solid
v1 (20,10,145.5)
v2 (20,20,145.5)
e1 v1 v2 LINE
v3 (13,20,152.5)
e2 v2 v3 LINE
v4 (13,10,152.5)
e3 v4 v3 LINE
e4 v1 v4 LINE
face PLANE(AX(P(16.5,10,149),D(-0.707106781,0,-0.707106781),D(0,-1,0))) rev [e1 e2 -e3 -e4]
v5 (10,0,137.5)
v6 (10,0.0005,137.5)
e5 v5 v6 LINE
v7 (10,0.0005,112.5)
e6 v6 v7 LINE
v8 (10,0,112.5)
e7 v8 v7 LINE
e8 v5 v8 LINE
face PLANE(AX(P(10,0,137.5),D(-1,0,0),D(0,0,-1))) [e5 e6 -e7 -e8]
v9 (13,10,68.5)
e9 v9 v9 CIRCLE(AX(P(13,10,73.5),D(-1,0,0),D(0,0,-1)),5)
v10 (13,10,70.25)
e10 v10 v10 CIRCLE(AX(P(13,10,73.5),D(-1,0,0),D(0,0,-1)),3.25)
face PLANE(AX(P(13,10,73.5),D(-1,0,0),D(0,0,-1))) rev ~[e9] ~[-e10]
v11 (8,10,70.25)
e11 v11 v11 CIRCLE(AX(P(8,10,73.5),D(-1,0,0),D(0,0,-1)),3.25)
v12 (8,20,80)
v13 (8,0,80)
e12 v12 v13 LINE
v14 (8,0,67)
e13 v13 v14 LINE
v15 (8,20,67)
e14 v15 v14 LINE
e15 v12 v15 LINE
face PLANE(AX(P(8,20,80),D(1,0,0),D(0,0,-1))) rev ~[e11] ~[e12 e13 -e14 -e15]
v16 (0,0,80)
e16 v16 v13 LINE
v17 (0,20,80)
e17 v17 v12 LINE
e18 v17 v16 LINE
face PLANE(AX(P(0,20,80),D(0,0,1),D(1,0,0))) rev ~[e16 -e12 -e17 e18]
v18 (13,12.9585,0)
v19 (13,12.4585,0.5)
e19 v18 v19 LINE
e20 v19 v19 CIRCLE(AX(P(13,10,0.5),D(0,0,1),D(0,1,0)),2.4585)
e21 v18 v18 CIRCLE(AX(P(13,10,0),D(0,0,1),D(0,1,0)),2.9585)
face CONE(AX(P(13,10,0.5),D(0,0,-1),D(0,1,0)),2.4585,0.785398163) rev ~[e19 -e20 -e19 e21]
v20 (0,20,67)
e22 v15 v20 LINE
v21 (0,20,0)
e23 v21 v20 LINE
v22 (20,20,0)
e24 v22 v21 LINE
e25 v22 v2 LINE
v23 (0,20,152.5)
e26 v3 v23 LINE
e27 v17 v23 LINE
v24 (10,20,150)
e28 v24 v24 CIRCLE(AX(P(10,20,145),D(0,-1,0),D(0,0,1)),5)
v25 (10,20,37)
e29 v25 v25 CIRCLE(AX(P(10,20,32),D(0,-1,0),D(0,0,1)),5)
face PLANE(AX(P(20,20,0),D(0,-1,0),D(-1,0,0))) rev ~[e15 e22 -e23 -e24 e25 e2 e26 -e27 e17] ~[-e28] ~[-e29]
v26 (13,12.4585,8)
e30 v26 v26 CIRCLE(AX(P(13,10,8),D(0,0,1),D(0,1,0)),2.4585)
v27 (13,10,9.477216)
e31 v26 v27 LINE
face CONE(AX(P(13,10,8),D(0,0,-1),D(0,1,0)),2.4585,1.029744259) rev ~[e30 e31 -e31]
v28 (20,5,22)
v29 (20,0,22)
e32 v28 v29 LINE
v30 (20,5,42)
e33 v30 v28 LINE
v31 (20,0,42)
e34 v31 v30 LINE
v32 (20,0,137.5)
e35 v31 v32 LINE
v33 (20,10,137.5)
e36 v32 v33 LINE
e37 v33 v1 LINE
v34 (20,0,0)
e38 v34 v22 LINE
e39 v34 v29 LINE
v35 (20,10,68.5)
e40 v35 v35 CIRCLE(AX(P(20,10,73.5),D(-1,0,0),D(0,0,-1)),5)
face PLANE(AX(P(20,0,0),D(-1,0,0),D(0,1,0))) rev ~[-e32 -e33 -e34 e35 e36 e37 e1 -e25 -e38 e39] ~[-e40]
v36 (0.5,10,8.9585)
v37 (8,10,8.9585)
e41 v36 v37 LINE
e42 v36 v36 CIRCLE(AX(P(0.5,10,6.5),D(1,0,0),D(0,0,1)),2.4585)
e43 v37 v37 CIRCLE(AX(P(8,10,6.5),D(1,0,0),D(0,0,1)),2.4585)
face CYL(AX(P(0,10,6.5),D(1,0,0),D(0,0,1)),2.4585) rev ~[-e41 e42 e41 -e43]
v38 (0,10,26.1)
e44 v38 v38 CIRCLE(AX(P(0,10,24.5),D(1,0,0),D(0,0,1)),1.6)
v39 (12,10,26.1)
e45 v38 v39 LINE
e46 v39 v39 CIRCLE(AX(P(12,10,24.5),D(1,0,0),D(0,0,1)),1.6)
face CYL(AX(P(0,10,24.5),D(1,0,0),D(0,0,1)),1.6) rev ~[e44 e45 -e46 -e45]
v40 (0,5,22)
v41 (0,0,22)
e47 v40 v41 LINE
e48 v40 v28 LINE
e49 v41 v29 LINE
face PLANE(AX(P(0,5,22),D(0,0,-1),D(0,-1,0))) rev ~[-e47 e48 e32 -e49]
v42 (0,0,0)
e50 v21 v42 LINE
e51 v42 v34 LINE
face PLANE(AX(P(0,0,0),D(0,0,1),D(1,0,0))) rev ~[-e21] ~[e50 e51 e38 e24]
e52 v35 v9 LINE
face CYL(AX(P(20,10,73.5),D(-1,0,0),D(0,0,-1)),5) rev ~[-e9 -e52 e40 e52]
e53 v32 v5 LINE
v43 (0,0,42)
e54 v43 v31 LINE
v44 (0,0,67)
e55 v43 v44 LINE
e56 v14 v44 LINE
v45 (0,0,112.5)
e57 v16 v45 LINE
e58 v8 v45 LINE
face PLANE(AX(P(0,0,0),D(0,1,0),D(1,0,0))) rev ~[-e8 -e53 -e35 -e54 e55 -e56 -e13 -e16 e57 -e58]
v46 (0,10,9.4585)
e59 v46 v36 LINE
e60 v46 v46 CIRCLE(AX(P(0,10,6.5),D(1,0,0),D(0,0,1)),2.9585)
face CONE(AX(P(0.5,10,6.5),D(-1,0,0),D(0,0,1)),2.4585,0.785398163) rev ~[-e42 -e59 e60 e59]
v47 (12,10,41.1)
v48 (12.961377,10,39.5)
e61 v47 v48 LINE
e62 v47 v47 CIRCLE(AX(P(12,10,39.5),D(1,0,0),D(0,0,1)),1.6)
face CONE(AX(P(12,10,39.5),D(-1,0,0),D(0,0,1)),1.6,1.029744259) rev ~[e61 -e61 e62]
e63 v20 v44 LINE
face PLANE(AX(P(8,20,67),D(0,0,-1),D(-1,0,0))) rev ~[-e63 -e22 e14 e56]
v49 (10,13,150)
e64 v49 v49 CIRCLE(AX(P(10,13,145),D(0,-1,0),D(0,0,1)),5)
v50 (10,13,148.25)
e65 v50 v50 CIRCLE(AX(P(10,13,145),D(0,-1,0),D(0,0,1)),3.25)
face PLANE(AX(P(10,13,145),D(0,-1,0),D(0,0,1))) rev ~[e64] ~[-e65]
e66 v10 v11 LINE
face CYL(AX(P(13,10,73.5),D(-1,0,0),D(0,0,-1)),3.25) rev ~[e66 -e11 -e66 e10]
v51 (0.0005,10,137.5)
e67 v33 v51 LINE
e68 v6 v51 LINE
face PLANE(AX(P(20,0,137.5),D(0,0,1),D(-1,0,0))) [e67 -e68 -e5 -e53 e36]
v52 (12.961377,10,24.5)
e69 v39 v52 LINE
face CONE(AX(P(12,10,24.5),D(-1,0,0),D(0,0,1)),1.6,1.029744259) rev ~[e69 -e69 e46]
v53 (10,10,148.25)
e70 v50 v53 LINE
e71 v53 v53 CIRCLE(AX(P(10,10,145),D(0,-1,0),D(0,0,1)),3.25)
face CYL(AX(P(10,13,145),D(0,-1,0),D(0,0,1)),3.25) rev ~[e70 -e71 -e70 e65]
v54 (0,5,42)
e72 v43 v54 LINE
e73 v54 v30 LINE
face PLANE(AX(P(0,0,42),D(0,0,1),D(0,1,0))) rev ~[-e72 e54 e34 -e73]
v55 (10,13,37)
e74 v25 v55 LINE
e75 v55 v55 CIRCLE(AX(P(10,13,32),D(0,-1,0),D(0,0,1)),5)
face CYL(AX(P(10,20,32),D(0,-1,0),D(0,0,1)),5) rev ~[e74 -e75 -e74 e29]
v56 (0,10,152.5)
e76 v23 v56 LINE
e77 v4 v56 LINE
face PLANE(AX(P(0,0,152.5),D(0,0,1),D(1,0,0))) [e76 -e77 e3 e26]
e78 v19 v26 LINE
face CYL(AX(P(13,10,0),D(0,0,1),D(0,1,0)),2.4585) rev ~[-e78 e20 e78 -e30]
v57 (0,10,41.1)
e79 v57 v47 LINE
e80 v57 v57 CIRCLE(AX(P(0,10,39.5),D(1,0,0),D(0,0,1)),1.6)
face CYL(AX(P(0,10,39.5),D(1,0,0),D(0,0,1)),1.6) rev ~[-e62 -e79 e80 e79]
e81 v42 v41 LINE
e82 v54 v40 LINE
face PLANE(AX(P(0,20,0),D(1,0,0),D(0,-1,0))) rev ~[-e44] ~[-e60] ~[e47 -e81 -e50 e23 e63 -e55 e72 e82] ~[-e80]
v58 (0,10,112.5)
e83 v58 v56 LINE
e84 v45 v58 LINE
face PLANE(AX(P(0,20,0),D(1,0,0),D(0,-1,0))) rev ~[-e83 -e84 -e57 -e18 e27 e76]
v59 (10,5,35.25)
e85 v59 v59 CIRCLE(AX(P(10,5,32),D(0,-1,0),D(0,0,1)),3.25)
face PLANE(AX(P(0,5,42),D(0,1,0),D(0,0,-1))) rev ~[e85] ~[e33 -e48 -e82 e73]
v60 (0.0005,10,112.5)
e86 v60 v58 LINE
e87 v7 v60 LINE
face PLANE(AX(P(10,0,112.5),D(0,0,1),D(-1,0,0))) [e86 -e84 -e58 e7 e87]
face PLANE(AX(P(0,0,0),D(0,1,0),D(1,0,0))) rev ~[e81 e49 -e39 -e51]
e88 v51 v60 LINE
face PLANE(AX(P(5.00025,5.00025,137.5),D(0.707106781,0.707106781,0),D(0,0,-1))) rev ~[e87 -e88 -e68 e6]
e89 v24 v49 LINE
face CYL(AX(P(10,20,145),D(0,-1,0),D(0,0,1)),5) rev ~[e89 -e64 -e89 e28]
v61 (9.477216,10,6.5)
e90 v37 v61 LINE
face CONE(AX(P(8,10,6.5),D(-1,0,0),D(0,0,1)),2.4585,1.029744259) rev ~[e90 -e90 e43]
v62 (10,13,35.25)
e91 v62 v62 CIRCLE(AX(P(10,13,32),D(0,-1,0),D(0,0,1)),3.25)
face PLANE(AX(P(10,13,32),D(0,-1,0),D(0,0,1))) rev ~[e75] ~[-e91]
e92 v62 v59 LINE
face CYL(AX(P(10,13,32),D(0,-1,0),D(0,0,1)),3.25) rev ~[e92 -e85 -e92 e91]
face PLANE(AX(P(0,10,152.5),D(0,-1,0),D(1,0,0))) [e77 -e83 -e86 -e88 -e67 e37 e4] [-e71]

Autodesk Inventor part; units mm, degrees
ref_plane "YZ Plane" through (0, 0, 0) normal (1, 0, 0) x (0, 1, 0)
ref_plane "XZ Plane" through (0, 0, 0) normal (0, 1, 0) x (-1, 0, 0)
ref_plane "XY Plane" through (0, 0, 0) normal (0, 0, 1) x (1, 0, 0)
sketch "Sketch1" plane through (0, 0, 0) normal (0, 0, 1) x (1, 0, 0)
  line L0 (0, 0) -> (20, 0)
  line L1 (20, 0) -> (20, 20)
  line L2 (20, 20) -> (0, 20)
  line L3 (0, 20) -> (0, 0)
  dimension "d0" = 20
  dimension "d1" = 20
extrude "Extrusion1" add sketch "Sketch1" along normal blind 152.5
sketch "Sketch2" plane through (0, 20, 0) normal (0, 1, 0) x (1, 0, 0)
  line L0 (0, -152.5) -> (20, -152.5) projected
  line L1 (0, 0) -> (0, -152.5) projected
  line L2 (0, -80) -> (8, -80)
  line L3 (8, -80) -> (8, -67)
  line L4 (8, -67) -> (0, -67)
  line L5 (0, -67) -> (0, -80)
  dimension "d4" = 13
  dimension "d5" = 72.5
  dimension "d6" = 8
extrude "Extrusion2" cut sketch "Sketch2" against normal blind 20
sketch "Sketch7" plane through (0, 0, 0) normal (-1, 0, 0) x (0, 0, 1)
  line L0 (0, 20) -> (0, 0) projected
  line L1 (42, 5) -> (22, 5)
  line L2 (22, 5) -> (22, 0)
  line L3 (22, 0) -> (42, 0)
  line L4 (42, 0) -> (42, 5)
  line L5 (67, 0) -> (67, 20) projected
  line L6 (0, 20) -> (67, 20) projected
  line L7 (0, 20) -> (0, 0) projected
  line L8 (0, 0) -> (67, 0) projected
  dimension "d40" = 20
  dimension "d41" = 22
  dimension "d90" = 5
extrude "Extrusion5" cut sketch "Sketch7" against normal blind 20 contours L2 L1 L4 L3
sketch "Sketch12" plane through (0, 0, 152.5) normal (0, -1, 0) x (1, 0, 0)
  line L0 (20, -110.5) -> (20, 0) projected
  line L1 (20, 0) -> (0, 0) projected
  line L2 (0, -72.5) -> (0, 0) projected
  line L3 (0, -110.5) -> (0, -85.5) projected
  line L4 (20, -15) -> (0, -15)
  point P0 (0, -152.5)
  dimension "d91" = 15
extrude "Extrusion6" cut sketch "Sketch12" against normal blind 10
sketch "Sketch13" plane through (0, 0, 80) normal (0, -1, 0) x (1, 0, 0)
  line L0 (0, 57.5) -> (10, 57.5)
  line L1 (10, 57.5) -> (10, 32.5)
  line L2 (10, 32.5) -> (0, 32.5)
  line L3 (0, 32.5) -> (0, 57.5)
  point P0 (0, -80)
  dimension "d94" = 25
  dimension "d95" = 10
extrude "Extrusion7" cut sketch "Sketch13" against normal blind 10
chamfer "Chamfer5" distance 10 angle 45 1 edges at (10, 10, 125)
sketch "Sketch14" plane through (20, 0, 0) normal (1, 0, 0) x (0, 0, -1)
  line L0 (0, 20) -> (-152.5, 20) projected
  line L1 (-80, 20) -> (-80, 0) projected
  line L2 (-67, 20) -> (-67, 0) projected
  point P0 (-73.5, 10)
  dimension "d101" = 6.5
  dimension "d102" = 10
hole "Hole7" at (20, 10, 73.5) direction (-1, 0, 0) diameter 6.5 depth 13 tip angle 118 counterbore diameter 10 counterbore depth 7
chamfer "Chamfer6" distance 7 angle 45 1 edges at (20, 15, 152.5)
sketch "Sketch15" plane through (0, 20, 0) normal (0, 1, 0) x (1, 0, 0)
  line L0 (20, 0) -> (20, -145.5) projected
  line L1 (0, -152.5) -> (13, -152.5) projected
  point P0 (10, -145)
  dimension "d113" = 7.5
  dimension "d114" = 10
hole "Hole8" at (10, 20, 145) direction (0, -1, 0) diameter 6.5 depth 10 tip angle 118 counterbore diameter 10 counterbore depth 7
sketch "Sketch16" plane through (0, 20, 0) normal (0, 1, 0) x (1, 0, 0)
  line L0 (20, 0) -> (20, -145.5) projected
  line L1 (0, -22) -> (20, -22) projected
  line L2 (0, -42) -> (20, -42) projected
  point P0 (10, -32)
  dimension "d122" = 10
  dimension "d123" = 10
hole "Hole9" at (10, 20, 32) direction (0, -1, 0) diameter 6.5 depth 15 tip angle 118 counterbore diameter 10 counterbore depth 7
sketch "Sketch17" plane through (0, 0, 0) normal (-1, 0, 0) x (0, 0, 1)
  line L0 (0, 20) -> (67, 20) projected
  line L1 (28.75, 5) -> (28.75, 13) projected
  line L2 (35.25, 5) -> (35.25, 13) projected
  line L3 (37, 13) -> (27, 13) projected
  line L4 (42, 5) -> (42, 0) projected
  line L5 (42, 0) -> (67, 0) projected
  line L6 (67, 0) -> (67, 20) projected
  line L7 (0, 20) -> (67, 20) projected
  line L8 (0, 20) -> (0, 0) projected
  line L9 (0, 0) -> (22, 0) projected
  line L10 (22, 0) -> (22, 5) projected
  line L11 (22, 5) -> (42, 5) projected
  line L12 (37, 13) -> (37, 20) projected
  line L13 (27, 13) -> (27, 20) projected
  line L14 (32, 5) -> (32, 20)
  point P0 (39.5, 10)
  point P1 (24.5, 10)
  dimension "d131" = 15
  dimension "d132" = 7.5
  dimension "d133" = 10
hole "Hole10" at (0, 10, 39.5) at (0, 10, 24.5) direction (1, 0, 0) diameter 3.2 depth 12 tip angle 118
sketch "Sketch18" plane through (0, 0, 0) normal (0, 0, -1) x (-1, 0, 0)
  line L0 (0, 0) -> (-20, 0) projected
  line L1 (-20, 0) -> (-20, 20) projected
  point P0 (-13, 10)
  dimension "d141" = 7
  dimension "d142" = 10
hole "Hole11" at (13, 10, 0) direction (0, 0, 1) diameter 4.917 depth 8 tip angle 118 thread size "M6x1" class "6H" standard "ANSI Metric M Profile"
chamfer "Chamfer7" distance 0.5 angle 45 1 edges at (13, 7.5415, 0)
sketch "Sketch19" plane through (0, 0, 0) normal (-1, 0, 0) x (0, 0, 1)
  line L0 (0, 20) -> (0, 0) projected
  line L1 (0, 0) -> (22, 0) projected
  point P0 (6.5, 10)
  dimension "d153" = 6.5
  dimension "d154" = 10
hole "Hole12" at (0, 10, 6.5) direction (1, 0, 0) diameter 4.917 depth 8 tip angle 118 thread size "M6x1" class "6H" standard "ANSI Metric M Profile"
chamfer "Chamfer8" distance 0.5 angle 45 1 edges at (0, 10, 4.0415)
properties part number "CHASSI ESQUERDO(37)" material "Carbon Steel"
